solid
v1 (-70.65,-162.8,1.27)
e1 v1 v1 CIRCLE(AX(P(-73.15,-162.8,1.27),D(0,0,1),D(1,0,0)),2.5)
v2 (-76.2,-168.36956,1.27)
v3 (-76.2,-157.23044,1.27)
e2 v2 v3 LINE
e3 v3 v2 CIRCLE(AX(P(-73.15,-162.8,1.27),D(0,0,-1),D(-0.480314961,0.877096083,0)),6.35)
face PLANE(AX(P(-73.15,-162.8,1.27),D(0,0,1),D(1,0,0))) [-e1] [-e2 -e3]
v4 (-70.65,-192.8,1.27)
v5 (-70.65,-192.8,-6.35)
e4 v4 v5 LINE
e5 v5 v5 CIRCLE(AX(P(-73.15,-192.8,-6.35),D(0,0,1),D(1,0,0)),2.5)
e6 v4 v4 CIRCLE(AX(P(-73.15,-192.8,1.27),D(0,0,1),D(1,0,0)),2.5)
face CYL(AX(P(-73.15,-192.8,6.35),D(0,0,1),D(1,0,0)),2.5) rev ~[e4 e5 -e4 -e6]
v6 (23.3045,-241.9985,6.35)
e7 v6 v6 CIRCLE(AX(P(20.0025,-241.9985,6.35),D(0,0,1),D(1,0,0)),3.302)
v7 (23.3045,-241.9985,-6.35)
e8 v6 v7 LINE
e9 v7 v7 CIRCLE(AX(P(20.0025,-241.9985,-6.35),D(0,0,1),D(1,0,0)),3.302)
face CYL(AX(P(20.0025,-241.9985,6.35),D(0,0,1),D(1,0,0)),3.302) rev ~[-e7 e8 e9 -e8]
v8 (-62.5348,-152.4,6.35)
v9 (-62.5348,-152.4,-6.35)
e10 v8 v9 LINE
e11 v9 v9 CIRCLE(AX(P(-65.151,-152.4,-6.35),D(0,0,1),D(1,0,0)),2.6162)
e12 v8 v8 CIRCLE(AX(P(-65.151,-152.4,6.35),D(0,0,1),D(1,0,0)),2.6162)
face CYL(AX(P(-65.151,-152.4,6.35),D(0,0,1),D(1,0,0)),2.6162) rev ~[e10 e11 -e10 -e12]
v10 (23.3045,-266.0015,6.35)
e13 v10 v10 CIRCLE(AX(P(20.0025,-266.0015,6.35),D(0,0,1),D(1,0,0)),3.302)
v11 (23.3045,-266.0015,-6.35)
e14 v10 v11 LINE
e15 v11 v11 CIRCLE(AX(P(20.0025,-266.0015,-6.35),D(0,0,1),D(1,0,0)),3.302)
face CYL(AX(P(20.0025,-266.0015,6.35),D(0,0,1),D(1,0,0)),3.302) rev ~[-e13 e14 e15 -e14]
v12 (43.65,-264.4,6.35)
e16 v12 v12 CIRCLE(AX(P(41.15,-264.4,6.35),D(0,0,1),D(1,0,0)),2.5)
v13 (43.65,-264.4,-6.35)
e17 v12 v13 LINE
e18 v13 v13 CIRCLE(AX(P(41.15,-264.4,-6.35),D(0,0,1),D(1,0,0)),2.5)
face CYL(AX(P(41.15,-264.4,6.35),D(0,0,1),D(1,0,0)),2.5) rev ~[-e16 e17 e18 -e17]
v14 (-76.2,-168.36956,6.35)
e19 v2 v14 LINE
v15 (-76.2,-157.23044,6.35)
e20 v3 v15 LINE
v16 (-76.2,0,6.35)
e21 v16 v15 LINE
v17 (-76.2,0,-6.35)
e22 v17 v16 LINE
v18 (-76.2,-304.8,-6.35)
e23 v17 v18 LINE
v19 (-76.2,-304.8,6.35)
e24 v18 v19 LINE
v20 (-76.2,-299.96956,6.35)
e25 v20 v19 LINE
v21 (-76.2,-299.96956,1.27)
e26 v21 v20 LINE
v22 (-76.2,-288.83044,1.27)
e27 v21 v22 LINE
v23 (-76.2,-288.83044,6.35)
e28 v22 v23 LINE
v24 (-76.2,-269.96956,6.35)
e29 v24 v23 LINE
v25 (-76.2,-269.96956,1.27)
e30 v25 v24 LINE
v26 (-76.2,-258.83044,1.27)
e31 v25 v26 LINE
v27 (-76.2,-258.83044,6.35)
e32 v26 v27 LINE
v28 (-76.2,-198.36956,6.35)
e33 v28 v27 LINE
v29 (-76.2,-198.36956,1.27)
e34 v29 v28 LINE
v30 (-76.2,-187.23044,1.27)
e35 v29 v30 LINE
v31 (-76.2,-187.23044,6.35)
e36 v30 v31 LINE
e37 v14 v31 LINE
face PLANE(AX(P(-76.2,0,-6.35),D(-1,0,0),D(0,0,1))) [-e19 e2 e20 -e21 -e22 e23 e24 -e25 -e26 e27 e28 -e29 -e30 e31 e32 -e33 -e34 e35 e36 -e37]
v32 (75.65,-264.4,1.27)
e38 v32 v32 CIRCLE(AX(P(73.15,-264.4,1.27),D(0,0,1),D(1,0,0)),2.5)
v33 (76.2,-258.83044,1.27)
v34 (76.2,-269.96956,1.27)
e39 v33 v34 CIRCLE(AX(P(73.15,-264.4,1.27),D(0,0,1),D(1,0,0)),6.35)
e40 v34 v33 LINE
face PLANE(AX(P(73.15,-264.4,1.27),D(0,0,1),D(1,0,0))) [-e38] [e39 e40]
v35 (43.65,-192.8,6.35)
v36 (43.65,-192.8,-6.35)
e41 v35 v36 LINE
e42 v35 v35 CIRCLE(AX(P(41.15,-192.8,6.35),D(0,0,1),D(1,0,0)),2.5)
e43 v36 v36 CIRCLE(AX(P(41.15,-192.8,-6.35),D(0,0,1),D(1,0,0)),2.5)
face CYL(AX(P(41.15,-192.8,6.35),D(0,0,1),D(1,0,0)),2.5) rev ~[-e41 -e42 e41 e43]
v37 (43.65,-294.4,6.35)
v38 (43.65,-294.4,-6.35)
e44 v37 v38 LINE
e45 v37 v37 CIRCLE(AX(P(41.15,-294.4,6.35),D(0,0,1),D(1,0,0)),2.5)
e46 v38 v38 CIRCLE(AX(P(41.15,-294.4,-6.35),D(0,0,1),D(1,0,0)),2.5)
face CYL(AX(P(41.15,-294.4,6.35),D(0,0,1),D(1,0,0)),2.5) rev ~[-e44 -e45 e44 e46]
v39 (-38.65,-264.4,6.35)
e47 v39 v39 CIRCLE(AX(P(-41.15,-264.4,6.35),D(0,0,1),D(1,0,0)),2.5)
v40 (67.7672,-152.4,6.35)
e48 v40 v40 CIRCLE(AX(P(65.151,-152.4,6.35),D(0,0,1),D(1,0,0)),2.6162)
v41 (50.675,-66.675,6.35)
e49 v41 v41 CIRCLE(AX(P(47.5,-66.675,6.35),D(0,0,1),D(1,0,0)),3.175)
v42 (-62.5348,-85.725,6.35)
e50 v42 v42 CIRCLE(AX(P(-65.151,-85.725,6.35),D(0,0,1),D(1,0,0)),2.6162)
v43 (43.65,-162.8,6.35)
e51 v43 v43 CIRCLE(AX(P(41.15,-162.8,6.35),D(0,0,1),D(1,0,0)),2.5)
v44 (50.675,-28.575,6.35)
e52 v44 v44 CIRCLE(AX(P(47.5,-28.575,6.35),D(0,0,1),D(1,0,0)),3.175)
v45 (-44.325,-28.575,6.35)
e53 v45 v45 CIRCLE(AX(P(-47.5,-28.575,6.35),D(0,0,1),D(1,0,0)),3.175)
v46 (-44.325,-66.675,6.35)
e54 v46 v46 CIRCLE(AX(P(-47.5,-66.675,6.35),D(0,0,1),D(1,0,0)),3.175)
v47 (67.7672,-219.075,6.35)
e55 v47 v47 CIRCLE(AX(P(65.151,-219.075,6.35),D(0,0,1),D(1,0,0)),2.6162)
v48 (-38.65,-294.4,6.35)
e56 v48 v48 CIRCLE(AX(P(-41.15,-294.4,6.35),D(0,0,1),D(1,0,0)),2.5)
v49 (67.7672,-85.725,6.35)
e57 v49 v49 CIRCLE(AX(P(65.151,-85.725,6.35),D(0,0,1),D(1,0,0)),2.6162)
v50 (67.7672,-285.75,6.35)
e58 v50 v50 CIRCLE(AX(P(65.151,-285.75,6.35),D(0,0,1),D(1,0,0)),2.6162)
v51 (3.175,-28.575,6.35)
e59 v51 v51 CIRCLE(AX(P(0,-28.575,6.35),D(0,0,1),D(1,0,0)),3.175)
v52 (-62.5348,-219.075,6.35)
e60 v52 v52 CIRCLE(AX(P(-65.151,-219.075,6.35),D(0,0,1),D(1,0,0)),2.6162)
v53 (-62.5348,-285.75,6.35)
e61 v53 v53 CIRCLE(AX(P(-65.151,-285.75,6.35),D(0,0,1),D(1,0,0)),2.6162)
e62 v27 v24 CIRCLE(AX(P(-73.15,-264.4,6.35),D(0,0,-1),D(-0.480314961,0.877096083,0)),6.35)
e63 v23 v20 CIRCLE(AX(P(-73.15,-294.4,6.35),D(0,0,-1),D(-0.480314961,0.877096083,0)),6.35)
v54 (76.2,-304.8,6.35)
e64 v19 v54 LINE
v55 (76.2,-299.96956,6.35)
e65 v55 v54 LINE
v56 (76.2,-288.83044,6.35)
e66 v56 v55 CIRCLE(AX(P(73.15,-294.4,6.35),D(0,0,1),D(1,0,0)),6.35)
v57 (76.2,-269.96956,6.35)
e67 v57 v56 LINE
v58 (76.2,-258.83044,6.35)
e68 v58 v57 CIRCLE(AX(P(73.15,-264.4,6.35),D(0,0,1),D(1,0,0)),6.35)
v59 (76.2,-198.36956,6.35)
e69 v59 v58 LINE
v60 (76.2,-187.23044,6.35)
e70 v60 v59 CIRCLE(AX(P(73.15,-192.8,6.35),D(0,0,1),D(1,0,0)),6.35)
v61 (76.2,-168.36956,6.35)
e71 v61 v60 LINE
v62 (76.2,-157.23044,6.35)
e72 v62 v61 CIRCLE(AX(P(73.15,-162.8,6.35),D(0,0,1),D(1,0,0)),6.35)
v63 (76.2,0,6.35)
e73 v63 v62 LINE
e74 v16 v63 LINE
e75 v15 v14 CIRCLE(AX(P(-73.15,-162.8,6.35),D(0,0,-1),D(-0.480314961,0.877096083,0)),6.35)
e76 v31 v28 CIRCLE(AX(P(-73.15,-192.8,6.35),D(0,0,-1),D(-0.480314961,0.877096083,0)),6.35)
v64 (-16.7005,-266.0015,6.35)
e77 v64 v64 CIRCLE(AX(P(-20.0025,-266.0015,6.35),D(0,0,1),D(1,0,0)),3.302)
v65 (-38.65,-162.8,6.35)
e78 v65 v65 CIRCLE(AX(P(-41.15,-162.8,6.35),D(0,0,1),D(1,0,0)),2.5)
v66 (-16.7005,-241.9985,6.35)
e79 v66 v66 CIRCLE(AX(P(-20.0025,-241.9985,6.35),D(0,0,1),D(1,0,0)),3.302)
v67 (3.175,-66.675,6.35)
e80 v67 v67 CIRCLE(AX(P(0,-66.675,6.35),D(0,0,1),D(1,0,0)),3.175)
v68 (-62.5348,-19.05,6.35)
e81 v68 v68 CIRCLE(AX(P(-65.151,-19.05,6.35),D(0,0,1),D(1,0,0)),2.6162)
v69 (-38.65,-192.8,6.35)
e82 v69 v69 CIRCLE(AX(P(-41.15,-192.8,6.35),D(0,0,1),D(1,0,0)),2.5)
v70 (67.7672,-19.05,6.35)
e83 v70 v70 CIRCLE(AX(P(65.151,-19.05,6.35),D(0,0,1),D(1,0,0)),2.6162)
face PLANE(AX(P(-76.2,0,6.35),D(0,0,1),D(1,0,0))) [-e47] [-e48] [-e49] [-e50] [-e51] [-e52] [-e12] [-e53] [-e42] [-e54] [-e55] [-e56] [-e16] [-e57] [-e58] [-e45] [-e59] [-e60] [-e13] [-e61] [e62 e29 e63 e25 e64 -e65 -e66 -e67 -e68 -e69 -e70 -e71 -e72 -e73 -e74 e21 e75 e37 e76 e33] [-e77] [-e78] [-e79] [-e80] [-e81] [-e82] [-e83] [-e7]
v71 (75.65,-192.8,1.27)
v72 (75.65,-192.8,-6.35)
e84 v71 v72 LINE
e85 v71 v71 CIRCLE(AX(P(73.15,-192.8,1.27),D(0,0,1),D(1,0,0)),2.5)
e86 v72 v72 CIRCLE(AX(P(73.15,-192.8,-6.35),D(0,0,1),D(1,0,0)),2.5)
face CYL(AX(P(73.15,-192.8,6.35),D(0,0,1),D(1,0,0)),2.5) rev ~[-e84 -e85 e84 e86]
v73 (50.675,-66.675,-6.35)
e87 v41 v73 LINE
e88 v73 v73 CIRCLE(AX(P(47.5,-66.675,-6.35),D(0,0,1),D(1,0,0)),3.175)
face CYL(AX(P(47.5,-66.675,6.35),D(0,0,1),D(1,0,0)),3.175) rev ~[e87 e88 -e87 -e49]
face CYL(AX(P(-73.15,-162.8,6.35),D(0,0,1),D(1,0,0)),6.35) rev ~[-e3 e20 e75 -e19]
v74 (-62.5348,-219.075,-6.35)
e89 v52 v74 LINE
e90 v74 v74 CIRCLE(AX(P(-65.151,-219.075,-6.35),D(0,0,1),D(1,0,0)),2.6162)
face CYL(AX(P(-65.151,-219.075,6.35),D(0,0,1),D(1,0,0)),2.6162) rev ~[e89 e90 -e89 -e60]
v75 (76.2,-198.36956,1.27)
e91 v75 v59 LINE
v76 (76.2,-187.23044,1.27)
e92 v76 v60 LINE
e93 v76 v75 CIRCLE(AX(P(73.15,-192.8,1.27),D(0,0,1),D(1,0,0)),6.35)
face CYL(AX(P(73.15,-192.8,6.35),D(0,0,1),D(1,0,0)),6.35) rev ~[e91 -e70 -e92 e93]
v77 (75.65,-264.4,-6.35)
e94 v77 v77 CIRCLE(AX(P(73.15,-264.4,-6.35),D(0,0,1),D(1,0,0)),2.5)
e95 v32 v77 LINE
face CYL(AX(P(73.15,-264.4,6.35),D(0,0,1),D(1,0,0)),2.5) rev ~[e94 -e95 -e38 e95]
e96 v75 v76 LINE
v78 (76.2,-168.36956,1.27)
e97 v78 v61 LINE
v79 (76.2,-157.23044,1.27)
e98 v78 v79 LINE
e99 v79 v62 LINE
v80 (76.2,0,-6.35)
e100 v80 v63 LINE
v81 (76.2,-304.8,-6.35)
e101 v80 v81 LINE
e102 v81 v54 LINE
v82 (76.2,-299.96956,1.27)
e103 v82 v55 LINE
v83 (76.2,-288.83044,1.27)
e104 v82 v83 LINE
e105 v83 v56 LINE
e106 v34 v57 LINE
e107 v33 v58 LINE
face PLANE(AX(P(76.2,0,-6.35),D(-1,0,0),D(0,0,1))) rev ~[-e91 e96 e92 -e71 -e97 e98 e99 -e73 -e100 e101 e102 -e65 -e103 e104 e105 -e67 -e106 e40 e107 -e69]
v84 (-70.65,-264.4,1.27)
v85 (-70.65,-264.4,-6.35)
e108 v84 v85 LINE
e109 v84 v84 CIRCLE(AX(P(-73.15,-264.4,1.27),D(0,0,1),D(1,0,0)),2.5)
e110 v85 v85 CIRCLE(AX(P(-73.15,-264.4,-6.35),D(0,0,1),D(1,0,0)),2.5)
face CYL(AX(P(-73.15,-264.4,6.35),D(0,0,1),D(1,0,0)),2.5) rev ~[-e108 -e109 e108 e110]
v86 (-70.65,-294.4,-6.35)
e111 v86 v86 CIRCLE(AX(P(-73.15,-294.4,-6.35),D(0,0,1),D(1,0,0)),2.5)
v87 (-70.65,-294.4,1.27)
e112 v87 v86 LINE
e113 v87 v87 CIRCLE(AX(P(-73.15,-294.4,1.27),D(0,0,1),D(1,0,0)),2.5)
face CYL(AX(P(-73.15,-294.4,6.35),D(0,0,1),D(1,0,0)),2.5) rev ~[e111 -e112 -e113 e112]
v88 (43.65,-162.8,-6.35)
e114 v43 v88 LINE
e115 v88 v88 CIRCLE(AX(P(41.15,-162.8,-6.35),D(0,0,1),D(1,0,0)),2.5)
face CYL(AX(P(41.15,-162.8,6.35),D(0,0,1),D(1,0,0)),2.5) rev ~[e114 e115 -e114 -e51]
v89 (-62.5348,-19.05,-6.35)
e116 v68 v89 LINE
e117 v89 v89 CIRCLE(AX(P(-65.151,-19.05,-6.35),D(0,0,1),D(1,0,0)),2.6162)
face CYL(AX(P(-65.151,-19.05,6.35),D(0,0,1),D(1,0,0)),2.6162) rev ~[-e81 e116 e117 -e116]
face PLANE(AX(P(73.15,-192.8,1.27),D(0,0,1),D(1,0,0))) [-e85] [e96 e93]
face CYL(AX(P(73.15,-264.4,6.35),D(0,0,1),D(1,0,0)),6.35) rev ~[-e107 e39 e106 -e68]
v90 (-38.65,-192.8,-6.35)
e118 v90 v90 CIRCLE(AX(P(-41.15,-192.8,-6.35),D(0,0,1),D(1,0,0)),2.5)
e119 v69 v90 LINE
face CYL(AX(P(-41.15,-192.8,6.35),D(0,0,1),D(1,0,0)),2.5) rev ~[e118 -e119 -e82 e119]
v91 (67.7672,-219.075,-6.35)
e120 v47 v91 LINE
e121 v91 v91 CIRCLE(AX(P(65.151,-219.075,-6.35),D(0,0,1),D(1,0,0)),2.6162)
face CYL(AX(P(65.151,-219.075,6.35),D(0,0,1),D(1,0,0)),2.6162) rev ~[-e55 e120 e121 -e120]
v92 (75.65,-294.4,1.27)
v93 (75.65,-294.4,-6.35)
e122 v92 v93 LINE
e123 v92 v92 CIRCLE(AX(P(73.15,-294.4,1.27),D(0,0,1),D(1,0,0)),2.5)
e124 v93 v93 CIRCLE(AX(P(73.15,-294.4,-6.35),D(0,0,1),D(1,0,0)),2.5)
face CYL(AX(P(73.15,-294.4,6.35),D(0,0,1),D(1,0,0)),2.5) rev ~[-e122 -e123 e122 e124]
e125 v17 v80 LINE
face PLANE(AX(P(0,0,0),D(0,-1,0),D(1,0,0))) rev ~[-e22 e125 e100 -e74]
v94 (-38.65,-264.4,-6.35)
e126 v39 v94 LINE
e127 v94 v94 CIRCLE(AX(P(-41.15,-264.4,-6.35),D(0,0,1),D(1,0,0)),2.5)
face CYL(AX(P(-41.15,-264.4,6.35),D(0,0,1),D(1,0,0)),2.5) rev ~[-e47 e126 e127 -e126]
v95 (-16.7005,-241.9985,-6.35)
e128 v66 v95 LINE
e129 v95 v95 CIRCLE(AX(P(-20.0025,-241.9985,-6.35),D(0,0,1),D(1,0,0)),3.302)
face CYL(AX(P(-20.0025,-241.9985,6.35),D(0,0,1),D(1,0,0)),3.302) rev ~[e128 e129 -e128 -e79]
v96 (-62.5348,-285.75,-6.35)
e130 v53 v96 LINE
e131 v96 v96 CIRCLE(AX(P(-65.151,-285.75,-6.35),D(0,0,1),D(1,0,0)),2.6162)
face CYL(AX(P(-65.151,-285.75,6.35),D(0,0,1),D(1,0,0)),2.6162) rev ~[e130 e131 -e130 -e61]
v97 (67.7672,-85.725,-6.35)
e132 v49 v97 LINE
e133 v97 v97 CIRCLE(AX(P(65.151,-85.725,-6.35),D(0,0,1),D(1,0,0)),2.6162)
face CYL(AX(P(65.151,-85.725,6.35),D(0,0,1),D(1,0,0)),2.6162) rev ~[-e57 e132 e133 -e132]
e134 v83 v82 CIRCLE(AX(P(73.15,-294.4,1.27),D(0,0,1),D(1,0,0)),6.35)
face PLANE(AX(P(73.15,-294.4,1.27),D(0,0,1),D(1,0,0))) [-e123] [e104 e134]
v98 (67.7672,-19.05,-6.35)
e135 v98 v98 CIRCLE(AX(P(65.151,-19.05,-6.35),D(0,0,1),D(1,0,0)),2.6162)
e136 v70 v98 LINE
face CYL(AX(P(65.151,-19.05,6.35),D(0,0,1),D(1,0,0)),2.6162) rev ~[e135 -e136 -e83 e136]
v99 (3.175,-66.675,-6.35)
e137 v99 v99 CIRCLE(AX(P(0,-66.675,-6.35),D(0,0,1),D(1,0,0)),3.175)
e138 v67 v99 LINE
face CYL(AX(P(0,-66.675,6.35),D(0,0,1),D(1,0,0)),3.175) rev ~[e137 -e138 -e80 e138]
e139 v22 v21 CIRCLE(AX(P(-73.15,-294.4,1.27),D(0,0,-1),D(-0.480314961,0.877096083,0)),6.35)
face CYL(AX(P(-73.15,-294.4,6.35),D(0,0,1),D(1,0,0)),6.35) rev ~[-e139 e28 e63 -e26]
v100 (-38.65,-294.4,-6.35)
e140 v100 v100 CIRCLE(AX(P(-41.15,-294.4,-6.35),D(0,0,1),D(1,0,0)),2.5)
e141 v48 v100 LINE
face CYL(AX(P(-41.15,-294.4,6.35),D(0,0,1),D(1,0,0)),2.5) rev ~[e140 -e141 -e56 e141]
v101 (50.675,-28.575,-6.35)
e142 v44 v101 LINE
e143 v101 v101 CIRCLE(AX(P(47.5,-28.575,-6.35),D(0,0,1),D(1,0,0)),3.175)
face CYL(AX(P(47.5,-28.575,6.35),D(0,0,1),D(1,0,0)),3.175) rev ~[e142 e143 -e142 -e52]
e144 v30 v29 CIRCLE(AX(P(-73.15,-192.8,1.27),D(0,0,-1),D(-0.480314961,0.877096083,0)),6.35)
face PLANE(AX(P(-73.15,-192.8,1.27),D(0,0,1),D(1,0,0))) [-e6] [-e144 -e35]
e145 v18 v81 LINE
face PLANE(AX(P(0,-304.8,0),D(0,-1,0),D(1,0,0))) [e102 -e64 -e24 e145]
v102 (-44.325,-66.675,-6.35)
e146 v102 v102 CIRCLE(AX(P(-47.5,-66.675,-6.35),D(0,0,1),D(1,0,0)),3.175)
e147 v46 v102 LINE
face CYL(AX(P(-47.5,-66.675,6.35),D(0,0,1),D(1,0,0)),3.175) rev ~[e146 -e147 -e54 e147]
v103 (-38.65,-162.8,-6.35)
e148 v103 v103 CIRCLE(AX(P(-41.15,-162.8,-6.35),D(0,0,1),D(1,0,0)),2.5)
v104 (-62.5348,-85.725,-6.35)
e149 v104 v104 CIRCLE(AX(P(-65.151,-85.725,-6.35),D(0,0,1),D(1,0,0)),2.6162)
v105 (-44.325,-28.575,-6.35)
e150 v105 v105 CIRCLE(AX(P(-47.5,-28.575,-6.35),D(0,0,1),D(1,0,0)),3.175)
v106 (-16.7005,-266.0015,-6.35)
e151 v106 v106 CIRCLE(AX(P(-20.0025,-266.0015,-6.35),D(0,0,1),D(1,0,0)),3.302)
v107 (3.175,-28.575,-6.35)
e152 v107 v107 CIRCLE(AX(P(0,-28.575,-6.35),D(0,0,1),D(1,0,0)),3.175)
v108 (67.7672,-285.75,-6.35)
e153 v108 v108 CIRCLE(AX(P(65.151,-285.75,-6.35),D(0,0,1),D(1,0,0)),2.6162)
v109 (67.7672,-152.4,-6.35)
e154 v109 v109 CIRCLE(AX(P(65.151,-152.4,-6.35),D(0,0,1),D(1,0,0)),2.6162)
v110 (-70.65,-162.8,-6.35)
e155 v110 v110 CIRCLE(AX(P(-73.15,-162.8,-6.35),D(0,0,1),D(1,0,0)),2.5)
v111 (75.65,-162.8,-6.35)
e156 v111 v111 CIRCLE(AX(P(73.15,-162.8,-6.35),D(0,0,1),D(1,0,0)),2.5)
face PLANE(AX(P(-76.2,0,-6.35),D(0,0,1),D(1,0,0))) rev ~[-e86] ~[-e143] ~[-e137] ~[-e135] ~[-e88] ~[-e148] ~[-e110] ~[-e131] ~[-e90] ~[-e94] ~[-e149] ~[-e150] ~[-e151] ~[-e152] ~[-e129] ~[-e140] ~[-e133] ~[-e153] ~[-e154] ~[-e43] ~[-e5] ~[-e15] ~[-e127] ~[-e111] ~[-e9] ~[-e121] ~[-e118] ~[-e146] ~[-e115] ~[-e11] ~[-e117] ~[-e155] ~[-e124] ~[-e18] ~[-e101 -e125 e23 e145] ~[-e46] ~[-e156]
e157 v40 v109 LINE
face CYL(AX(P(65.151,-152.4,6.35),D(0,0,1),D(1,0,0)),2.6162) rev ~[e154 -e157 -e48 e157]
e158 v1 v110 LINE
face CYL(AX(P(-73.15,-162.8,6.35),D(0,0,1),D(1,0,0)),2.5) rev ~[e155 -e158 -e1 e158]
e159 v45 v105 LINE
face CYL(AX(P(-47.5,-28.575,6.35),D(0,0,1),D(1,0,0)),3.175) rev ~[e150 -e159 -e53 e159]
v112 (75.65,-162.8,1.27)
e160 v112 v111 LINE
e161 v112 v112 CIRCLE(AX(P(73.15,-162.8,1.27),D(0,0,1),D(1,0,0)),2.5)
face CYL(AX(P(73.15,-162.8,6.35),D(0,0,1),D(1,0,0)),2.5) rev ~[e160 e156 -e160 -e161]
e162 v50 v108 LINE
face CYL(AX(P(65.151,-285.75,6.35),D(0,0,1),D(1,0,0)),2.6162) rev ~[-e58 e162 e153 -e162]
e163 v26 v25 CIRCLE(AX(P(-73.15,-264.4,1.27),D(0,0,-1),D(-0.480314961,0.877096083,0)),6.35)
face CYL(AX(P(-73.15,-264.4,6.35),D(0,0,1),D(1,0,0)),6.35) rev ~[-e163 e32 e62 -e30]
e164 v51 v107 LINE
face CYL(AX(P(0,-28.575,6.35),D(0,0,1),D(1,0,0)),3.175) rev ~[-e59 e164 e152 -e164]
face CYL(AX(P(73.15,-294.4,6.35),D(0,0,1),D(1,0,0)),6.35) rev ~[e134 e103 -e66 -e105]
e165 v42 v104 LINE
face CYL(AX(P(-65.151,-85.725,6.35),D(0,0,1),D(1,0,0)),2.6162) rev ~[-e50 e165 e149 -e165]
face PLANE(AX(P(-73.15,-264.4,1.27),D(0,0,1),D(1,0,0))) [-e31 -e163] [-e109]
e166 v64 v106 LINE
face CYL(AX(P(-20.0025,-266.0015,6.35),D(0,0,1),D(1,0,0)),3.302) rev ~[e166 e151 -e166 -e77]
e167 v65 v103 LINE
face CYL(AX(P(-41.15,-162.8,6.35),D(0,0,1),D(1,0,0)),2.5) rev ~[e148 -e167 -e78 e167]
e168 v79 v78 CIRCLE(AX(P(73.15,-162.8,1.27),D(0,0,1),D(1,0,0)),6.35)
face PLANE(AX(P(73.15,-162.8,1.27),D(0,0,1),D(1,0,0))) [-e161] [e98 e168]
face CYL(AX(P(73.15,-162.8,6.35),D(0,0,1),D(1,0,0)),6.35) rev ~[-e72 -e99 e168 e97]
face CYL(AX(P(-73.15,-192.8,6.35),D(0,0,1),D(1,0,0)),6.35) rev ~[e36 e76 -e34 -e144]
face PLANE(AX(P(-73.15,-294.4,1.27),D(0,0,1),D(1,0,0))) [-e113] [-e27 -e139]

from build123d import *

# Parameters (mm, degrees)
F0_W     = 152.4
F0_H     = 12.7
F1_DEPTH = 304.8
F2_R     = 2.5
F2_R_2   = 3.302
F2_R_3   = 3.175
F2_R_4   = 2.6162
F3_DEPTH = 12.701
F4_R     = 6.35
F5_DEPTH = 5.08


with BuildPart() as f1:
    # F0 (on Front) → F1 (new body)
    with BuildSketch(Plane.XZ):
        Rectangle(F0_W, F0_H)
    extrude(amount=F1_DEPTH)

    # F2 (on face) → F3 (cut, through all)
    with BuildSketch(Plane.XY.offset(6.35)):
        with Locations((-73.15, -294.4)):
            Circle(F2_R)
        with Locations((-41.15, -294.4)):
            Circle(F2_R)
        with Locations((-73.15, -264.4)):
            Circle(F2_R)
        with Locations((-41.15, -264.4)):
            Circle(F2_R)
        with Locations((-73.15, -162.8)):
            Circle(F2_R)
        with Locations((-73.15, -192.8)):
            Circle(F2_R)
        with Locations((-41.15, -192.8)):
            Circle(F2_R)
        with Locations((-41.15, -162.8)):
            Circle(F2_R)
        with Locations((41.15, -162.8)):
            Circle(F2_R)
        with Locations((41.15, -192.8)):
            Circle(F2_R)
        with Locations((73.15, -162.8)):
            Circle(F2_R)
        with Locations((73.15, -192.8)):
            Circle(F2_R)
        with Locations((41.15, -264.4)):
            Circle(F2_R)
        with Locations((73.15, -264.4)):
            Circle(F2_R)
        with Locations((41.15, -294.4)):
            Circle(F2_R)
        with Locations((73.15, -294.4)):
            Circle(F2_R)
        with Locations((-20.0025, -266.0015)):
            Circle(F2_R_2)
        with Locations((-20.0025, -241.9985)):
            Circle(F2_R_2)
        with Locations((20.0025, -241.9985)):
            Circle(F2_R_2)
        with Locations((20.0025, -266.0015)):
            Circle(F2_R_2)
        with Locations((47.5, -28.575)):
            Circle(F2_R_3)
        with Locations((0, -28.575)):
            Circle(F2_R_3)
        with Locations((-47.5, -28.575)):
            Circle(F2_R_3)
        with Locations((-47.5, -66.675)):
            Circle(F2_R_3)
        with Locations((0, -66.675)):
            Circle(F2_R_3)
        with Locations((47.5, -66.675)):
            Circle(F2_R_3)
        with Locations((65.151, -19.05)):
            Circle(F2_R_4)
        with Locations((65.151, -85.725)):
            Circle(F2_R_4)
        with Locations((65.151, -152.4)):
            Circle(F2_R_4)
        with Locations((65.151, -219.075)):
            Circle(F2_R_4)
        with Locations((65.151, -285.75)):
            Circle(F2_R_4)
        with Locations((-65.151, -19.05)):
            Circle(F2_R_4)
        with Locations((-65.151, -85.725)):
            Circle(F2_R_4)
        with Locations((-65.151, -152.4)):
            Circle(F2_R_4)
        with Locations((-65.151, -219.075)):
            Circle(F2_R_4)
        with Locations((-65.151, -285.75)):
            Circle(F2_R_4)
    extrude(amount=-F3_DEPTH, mode=Mode.SUBTRACT)

    # F4 (on face) → F5 (cut)
    with BuildSketch(Plane.XY.offset(6.35)):
        with Locations((-73.15, -294.4)):
            Circle(F4_R)
        with Locations((-73.15, -264.4)):
            Circle(F4_R)
        with Locations((-73.15, -192.8)):
            Circle(F4_R)
        with Locations((-73.15, -162.8)):
            Circle(F4_R)
        with Locations((73.15, -162.8)):
            Circle(F4_R)
        with Locations((73.15, -192.8)):
            Circle(F4_R)
        with Locations((73.15, -264.4)):
            Circle(F4_R)
        with Locations((73.15, -294.4)):
            Circle(F4_R)
    extrude(amount=-F5_DEPTH, mode=Mode.SUBTRACT)


solid = f1.part
